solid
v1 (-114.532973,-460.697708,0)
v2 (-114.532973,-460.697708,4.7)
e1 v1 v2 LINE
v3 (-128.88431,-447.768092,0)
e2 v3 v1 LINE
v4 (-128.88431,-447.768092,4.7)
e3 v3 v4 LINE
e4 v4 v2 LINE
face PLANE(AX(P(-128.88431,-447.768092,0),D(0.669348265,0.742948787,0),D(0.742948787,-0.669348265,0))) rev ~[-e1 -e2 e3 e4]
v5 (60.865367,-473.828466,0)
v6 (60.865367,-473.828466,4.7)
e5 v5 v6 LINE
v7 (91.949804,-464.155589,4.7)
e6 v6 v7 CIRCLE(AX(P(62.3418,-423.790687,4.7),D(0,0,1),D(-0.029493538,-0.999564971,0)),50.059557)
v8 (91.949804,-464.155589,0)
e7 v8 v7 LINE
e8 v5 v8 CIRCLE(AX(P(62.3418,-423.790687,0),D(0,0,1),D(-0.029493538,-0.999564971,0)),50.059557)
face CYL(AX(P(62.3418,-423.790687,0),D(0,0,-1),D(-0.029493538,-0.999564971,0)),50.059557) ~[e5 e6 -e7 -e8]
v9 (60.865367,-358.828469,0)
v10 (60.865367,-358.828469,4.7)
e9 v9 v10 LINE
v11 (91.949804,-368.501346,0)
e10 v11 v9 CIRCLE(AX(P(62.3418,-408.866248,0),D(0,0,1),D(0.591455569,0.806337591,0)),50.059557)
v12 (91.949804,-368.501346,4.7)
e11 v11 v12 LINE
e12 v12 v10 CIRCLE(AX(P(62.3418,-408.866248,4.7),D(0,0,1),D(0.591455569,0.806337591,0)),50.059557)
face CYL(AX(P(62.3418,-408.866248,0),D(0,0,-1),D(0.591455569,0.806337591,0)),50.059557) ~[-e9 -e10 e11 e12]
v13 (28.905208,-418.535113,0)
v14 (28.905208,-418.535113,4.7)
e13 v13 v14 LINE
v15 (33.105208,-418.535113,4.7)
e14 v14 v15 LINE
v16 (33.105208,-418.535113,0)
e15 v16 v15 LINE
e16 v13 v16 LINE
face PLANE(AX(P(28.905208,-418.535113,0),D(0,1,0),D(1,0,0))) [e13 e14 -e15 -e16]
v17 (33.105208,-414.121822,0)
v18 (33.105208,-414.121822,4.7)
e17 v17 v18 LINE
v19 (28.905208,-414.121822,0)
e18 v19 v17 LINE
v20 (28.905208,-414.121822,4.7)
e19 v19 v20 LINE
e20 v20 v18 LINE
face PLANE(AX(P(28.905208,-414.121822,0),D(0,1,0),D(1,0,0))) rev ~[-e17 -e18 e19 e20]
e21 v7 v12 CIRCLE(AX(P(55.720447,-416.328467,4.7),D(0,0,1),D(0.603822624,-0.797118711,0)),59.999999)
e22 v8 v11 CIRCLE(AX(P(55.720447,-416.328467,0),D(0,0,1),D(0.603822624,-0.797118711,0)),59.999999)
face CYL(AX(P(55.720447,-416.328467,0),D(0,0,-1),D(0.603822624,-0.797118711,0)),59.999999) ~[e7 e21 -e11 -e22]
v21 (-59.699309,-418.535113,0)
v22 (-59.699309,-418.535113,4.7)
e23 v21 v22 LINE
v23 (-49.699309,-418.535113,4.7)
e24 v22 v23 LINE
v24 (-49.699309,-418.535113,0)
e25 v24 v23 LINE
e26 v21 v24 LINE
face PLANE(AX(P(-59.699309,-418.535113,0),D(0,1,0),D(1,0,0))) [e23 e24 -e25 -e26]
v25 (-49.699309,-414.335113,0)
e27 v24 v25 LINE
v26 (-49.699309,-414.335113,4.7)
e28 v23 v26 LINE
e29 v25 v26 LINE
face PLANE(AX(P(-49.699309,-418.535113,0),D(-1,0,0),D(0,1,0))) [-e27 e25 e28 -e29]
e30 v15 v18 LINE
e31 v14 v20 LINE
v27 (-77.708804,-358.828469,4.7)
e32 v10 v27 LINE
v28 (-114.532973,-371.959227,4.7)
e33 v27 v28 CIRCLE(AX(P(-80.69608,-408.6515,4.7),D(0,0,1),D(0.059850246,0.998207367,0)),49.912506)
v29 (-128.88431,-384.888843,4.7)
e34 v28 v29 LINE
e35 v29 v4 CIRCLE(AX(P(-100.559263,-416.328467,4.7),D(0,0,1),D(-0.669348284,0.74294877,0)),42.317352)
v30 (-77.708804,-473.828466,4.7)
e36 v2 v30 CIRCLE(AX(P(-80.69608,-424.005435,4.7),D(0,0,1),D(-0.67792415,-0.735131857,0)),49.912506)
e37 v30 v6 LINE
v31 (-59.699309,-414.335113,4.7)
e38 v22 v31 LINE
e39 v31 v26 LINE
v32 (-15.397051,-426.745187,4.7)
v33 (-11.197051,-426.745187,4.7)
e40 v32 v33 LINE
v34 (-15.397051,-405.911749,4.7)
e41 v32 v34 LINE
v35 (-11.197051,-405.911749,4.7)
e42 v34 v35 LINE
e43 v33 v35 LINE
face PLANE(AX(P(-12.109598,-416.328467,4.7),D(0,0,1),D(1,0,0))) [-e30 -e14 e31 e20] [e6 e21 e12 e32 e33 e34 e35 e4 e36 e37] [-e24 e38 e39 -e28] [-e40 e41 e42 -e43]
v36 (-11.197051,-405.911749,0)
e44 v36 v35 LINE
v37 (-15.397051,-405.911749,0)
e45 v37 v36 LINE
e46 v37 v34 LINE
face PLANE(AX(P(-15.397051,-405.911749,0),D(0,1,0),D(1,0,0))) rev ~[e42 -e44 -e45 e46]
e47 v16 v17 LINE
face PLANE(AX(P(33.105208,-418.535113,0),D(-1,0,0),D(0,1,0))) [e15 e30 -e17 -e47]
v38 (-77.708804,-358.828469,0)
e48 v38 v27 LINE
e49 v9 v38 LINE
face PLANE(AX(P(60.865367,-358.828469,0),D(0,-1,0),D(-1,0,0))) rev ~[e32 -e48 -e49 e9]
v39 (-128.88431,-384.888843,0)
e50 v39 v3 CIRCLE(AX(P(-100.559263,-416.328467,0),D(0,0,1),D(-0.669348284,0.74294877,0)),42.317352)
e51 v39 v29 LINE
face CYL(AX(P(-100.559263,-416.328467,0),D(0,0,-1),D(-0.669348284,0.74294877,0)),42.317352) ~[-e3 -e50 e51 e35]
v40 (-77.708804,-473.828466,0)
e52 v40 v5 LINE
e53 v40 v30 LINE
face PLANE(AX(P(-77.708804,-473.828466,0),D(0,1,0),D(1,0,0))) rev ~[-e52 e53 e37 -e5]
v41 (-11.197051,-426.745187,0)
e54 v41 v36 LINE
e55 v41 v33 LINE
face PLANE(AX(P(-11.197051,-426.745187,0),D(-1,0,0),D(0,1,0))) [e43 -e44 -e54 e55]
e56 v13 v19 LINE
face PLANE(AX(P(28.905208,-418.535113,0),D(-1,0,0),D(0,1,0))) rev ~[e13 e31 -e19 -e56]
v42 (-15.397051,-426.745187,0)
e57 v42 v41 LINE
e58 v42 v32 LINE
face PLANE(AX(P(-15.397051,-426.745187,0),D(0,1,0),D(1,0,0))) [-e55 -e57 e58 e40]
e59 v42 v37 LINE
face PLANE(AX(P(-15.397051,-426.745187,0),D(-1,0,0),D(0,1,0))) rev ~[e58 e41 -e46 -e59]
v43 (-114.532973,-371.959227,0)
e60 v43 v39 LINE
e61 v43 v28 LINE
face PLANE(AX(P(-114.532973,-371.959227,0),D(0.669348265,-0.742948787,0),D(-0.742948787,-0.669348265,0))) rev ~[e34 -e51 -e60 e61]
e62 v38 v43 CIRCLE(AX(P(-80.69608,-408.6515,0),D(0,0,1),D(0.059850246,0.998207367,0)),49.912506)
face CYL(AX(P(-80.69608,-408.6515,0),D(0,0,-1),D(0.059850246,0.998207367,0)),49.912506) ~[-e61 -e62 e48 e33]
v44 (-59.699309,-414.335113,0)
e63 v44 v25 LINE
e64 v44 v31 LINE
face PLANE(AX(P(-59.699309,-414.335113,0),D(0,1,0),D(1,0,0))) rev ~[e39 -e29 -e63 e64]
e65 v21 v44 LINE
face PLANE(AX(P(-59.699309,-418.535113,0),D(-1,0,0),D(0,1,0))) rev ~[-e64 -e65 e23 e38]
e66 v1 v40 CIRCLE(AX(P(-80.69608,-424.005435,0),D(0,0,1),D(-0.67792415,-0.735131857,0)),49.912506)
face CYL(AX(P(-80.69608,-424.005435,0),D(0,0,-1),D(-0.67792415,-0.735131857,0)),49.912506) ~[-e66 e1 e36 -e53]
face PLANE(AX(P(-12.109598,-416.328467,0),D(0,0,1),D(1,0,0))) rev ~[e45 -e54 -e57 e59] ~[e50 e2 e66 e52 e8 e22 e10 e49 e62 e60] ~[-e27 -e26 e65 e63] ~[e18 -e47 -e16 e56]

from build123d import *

# Parameters (mm, degrees)
F0_W     = 10
F0_H     = 4.2
F0_W_2   = 4.2
F0_H_2   = 4.413291
F0_H_3   = 20.833438
F1_DEPTH = 4.7


with BuildPart() as f1:
    # F0 (on Top) → F1 (new body)
    with BuildSketch(Plane.XY):
        with BuildLine():
            Line((60.865367, -358.828469), (-77.708804, -358.828469))
            ThreePointArc((-77.708804, -358.828469), (-97.459997, -361.638424), (-114.532973, -371.959227))
            Line((-114.532973, -371.959227), (-128.88431, -384.888843))
            ThreePointArc((-128.88431, -384.888843), (-142.876615, -416.328468), (-128.88431, -447.768092))
            Line((-128.88431, -447.768092), (-114.532973, -460.697708))
            ThreePointArc((-114.532973, -460.697708), (-97.459997, -471.018511), (-77.708804, -473.828466))
            Line((-77.708804, -473.828466), (60.865367, -473.828466))
            ThreePointArc((60.865367, -473.828466), (77.215853, -471.58945), (91.949804, -464.155589))
            ThreePointArc((91.949804, -464.155589), (115.720446, -416.328468), (91.949804, -368.501346))
            ThreePointArc((91.949804, -368.501346), (77.215853, -361.067485), (60.865367, -358.828469))
        make_face()
        with Locations((-54.699309, -416.435113)):
            Rectangle(F0_W, F0_H, mode=Mode.SUBTRACT)
        with Locations((31.005208, -416.328467)):
            Rectangle(F0_W_2, F0_H_2, mode=Mode.SUBTRACT)
        with Locations((-13.297051, -416.328468)):
            Rectangle(F0_W_2, F0_H_3, mode=Mode.SUBTRACT)
    extrude(amount=F1_DEPTH)


solid = f1.part
